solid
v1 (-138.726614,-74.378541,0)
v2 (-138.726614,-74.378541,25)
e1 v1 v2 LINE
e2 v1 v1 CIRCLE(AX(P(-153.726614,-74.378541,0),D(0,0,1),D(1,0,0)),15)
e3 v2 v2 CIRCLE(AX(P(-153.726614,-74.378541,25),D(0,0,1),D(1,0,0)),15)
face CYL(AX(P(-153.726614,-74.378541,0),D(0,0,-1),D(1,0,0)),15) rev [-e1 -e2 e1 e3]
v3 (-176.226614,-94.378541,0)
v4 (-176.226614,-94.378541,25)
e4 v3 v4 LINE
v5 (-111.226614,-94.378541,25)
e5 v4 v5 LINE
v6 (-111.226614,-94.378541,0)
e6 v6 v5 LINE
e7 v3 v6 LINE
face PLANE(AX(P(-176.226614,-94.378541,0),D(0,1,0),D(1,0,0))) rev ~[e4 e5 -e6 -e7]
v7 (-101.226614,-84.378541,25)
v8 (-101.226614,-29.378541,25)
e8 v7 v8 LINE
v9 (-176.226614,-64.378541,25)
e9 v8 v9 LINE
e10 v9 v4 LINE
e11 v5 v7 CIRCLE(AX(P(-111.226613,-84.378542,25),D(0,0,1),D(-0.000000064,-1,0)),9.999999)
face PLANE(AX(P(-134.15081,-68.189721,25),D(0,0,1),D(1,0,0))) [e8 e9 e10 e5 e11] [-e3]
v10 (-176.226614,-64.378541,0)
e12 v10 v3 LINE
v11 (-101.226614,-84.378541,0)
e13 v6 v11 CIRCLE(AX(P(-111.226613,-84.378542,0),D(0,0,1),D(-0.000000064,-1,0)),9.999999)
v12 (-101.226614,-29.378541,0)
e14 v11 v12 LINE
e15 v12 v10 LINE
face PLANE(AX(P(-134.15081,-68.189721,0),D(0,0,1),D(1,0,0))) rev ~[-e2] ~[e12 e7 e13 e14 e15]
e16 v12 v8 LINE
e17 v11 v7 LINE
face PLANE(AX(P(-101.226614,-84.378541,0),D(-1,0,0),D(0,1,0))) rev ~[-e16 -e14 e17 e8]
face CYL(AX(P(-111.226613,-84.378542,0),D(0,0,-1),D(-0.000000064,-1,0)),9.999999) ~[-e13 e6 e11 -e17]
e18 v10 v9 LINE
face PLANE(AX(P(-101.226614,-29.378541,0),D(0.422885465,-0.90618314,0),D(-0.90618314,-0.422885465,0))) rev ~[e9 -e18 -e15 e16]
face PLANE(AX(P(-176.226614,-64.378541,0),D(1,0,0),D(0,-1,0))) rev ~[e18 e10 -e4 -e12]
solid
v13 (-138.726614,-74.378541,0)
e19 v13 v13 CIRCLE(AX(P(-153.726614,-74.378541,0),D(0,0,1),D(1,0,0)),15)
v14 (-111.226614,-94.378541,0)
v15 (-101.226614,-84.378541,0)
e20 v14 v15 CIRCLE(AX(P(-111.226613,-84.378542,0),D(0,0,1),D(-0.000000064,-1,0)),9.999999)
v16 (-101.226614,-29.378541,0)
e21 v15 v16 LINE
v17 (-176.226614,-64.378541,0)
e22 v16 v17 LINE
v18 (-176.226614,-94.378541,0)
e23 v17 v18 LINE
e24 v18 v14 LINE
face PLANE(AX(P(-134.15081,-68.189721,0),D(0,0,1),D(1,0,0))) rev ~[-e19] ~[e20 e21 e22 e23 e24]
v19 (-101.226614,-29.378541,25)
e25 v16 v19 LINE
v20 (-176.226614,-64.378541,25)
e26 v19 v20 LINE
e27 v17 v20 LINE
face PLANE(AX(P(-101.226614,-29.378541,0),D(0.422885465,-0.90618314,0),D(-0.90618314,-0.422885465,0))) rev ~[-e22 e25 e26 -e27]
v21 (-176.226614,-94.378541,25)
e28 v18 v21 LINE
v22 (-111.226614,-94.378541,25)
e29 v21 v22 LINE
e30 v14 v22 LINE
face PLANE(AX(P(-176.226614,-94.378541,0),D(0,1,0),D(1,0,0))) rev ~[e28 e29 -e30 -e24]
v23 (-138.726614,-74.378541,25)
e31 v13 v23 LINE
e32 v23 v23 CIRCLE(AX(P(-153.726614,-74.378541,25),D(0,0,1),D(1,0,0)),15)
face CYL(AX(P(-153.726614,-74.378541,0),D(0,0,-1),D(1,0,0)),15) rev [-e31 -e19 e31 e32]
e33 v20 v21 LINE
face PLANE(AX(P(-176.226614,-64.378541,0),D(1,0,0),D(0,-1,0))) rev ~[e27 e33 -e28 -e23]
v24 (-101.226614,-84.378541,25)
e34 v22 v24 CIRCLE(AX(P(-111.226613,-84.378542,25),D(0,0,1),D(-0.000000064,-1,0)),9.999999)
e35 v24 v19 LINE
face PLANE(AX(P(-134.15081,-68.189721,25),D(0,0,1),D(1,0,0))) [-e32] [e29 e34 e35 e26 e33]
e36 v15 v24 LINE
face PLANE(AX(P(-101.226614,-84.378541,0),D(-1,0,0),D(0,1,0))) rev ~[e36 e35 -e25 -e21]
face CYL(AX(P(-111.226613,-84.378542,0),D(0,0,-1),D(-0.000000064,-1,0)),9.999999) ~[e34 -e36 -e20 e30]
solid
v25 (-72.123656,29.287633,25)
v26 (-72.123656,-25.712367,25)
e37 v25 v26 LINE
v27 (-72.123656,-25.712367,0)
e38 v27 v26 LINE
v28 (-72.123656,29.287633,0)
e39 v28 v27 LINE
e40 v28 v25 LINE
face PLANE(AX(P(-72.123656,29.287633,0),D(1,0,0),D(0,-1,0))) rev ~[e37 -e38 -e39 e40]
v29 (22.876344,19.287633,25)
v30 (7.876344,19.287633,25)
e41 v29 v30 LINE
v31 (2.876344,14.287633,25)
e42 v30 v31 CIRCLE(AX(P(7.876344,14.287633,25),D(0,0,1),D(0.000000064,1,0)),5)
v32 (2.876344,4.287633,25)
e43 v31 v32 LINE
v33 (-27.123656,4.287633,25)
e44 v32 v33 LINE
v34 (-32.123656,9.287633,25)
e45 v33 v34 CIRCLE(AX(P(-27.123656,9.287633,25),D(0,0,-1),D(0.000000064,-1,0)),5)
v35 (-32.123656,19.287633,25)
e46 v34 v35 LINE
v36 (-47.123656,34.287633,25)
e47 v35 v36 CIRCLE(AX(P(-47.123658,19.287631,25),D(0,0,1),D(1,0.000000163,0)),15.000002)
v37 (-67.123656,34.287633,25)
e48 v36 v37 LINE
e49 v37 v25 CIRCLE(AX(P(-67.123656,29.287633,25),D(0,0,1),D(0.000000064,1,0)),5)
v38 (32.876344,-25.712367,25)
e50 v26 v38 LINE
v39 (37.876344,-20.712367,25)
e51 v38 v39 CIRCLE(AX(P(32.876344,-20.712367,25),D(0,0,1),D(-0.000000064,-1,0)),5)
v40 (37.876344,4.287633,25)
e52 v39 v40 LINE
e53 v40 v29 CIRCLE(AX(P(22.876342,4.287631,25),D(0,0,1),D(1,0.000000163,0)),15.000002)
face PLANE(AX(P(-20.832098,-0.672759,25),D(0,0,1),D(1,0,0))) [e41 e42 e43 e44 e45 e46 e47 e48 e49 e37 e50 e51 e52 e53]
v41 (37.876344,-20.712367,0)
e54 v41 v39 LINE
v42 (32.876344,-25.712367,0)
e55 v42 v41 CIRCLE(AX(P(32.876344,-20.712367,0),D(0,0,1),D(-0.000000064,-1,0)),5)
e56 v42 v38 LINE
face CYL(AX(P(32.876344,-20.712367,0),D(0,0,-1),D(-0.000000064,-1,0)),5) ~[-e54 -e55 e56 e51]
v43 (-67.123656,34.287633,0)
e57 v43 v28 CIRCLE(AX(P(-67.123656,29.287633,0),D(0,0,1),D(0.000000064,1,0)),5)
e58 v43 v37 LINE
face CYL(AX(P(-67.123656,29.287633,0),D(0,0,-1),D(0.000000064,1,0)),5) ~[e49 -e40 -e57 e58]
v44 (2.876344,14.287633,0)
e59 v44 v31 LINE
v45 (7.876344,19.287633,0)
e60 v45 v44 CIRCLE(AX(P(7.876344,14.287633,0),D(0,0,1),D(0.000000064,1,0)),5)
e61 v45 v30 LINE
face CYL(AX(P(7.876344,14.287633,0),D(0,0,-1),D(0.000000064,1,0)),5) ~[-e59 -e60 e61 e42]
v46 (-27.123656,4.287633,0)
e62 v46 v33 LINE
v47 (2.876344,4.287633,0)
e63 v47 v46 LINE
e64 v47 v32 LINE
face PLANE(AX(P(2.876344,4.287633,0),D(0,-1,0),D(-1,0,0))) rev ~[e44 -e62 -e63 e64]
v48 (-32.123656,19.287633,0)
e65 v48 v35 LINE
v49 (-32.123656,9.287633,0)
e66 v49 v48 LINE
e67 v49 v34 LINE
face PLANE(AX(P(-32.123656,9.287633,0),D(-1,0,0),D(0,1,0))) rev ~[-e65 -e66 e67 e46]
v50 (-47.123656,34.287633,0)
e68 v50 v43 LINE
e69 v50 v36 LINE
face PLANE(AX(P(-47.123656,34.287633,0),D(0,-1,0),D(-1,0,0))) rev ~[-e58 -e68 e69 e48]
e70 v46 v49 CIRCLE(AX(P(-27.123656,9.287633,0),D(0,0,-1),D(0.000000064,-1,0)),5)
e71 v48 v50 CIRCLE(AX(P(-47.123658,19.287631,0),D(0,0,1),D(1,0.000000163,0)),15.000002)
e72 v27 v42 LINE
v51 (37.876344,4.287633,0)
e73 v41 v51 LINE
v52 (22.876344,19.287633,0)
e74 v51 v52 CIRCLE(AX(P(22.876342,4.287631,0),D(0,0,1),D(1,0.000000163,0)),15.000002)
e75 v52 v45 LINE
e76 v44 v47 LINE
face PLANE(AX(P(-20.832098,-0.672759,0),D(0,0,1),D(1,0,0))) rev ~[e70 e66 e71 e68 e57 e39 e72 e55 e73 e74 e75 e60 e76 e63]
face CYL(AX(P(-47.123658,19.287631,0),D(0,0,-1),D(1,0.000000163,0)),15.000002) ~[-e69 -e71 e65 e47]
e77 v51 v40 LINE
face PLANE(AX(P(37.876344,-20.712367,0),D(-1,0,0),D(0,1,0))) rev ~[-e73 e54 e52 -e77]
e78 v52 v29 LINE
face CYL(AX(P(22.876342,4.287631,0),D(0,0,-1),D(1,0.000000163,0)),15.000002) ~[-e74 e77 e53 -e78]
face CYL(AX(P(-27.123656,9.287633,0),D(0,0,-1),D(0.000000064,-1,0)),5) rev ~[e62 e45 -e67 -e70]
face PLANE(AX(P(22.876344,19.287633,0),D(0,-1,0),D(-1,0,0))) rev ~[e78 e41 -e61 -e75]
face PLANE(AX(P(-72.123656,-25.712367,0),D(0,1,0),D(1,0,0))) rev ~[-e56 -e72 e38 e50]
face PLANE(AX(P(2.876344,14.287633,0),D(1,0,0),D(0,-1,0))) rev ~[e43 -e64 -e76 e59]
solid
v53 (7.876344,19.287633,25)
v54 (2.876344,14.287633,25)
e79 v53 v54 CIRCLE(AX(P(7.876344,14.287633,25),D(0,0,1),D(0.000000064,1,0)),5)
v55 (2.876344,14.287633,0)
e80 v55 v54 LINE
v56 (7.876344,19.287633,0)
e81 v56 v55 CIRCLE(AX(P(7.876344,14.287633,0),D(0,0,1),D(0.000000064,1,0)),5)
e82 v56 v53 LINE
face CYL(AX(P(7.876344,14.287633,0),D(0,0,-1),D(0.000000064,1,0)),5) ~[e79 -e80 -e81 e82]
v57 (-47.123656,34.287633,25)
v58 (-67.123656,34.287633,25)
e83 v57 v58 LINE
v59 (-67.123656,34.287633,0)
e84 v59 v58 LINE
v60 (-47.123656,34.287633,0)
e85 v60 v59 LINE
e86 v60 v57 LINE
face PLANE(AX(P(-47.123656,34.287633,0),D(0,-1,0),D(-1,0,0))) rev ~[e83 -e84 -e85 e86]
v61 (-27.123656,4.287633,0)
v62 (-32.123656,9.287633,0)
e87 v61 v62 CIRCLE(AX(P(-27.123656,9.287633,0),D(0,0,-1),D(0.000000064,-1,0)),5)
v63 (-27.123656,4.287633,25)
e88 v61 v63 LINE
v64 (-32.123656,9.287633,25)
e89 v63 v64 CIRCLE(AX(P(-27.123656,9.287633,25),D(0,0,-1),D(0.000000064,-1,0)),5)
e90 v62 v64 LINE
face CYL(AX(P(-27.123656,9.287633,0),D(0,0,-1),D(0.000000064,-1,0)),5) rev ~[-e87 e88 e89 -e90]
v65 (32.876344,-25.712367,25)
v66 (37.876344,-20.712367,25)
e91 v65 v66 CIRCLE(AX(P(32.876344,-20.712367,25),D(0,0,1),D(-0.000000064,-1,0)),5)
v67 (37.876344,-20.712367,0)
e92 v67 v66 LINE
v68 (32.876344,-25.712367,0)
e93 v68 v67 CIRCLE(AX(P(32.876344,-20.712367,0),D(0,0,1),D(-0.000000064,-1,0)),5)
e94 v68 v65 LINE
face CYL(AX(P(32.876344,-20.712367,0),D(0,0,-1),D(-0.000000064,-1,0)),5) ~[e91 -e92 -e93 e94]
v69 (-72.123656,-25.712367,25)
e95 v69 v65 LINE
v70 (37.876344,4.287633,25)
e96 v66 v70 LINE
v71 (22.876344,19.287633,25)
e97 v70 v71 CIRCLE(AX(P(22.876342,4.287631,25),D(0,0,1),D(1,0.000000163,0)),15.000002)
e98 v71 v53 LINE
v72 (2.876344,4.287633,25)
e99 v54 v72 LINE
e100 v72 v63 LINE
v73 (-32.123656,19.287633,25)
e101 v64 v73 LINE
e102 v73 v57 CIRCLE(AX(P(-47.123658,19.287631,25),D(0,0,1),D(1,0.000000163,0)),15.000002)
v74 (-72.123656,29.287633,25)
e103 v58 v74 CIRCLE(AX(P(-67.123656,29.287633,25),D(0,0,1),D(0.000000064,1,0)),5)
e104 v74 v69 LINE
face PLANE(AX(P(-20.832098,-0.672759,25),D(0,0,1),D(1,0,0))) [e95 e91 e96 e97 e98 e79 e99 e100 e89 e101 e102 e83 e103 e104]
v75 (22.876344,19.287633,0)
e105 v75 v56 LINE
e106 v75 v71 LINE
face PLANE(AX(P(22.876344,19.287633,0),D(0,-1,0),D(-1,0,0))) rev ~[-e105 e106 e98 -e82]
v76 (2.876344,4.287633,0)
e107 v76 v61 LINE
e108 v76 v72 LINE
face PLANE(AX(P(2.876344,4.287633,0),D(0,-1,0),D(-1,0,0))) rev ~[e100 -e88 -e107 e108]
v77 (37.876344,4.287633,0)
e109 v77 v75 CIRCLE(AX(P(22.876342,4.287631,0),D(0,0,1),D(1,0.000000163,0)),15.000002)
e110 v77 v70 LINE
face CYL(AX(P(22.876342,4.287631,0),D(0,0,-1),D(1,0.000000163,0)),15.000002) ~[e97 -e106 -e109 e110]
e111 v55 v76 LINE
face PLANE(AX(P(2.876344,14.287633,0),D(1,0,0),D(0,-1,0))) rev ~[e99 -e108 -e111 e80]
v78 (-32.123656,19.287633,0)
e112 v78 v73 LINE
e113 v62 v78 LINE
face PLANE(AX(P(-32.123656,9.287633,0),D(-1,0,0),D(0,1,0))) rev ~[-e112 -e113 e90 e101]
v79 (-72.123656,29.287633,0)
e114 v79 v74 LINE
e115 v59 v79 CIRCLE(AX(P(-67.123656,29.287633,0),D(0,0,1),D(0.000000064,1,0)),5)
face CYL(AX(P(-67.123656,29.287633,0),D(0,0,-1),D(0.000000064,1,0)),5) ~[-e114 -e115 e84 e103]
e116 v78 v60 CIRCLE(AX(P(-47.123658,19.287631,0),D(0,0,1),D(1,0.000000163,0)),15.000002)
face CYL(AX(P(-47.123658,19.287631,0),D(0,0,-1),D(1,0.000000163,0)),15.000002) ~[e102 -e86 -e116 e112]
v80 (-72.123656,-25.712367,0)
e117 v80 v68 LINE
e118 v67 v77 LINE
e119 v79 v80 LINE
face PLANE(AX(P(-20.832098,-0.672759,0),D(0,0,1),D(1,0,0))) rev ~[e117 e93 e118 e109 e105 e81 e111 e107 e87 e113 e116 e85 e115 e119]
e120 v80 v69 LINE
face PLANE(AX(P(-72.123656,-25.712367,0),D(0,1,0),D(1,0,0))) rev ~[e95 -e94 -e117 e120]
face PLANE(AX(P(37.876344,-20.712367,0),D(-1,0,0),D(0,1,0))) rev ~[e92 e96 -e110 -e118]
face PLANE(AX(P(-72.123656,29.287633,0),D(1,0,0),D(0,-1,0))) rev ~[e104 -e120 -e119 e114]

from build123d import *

# Parameters (mm, degrees)
F0_R     = 15
F1_DEPTH = 25
F2_DEPTH = 25


with BuildPart() as f1:
    # F0 (on Top) → F1 (new body)
    with BuildSketch(Plane.XY):
        with BuildLine():
            Line((-72.123656, 29.287633), (-72.123656, -25.712367))
            Line((-72.123656, -25.712367), (32.876344, -25.712367))
            ThreePointArc((32.876344, -25.712367), (36.411878, -24.247901), (37.876344, -20.712367))
            Line((37.876344, -20.712367), (37.876344, 4.287633))
            ThreePointArc((37.876344, 4.287633), (33.482945, 14.894234), (22.876344, 19.287633))
            Line((22.876344, 19.287633), (7.876344, 19.287633))
            ThreePointArc((7.876344, 19.287633), (4.34081, 17.823167), (2.876344, 14.287633))
            Line((2.876344, 14.287633), (2.876344, 4.287633))
            Line((2.876344, 4.287633), (-27.123656, 4.287633))
            ThreePointArc((-27.123656, 4.287633), (-30.65919, 5.752099), (-32.123656, 9.287633))
            Line((-32.123656, 9.287633), (-32.123656, 19.287633))
            ThreePointArc((-32.123656, 19.287633), (-36.517055, 29.894234), (-47.123656, 34.287633))
            Line((-47.123656, 34.287633), (-67.123656, 34.287633))
            ThreePointArc((-67.123656, 34.287633), (-70.65919, 32.823167), (-72.123656, 29.287633))
        make_face()
        with BuildLine():
            Line((-176.226614, -64.378541), (-176.226614, -94.378541))
            Line((-176.226614, -94.378541), (-111.226614, -94.378541))
            ThreePointArc((-111.226614, -94.378541), (-104.155546, -91.449609), (-101.226614, -84.378541))
            Line((-101.226614, -84.378541), (-101.226614, -29.378541))
            Line((-101.226614, -29.378541), (-176.226614, -64.378541))
        make_face()
        with Locations((-153.726614, -74.378541)):
            Circle(F0_R, mode=Mode.SUBTRACT)
    extrude(amount=F1_DEPTH)


with BuildPart() as f2:
    # F0 (on Top) → F2 (new body)
    with BuildSketch(Plane.XY):
        with BuildLine():
            Line((-72.123656, 29.287633), (-72.123656, -25.712367))
            Line((-72.123656, -25.712367), (32.876344, -25.712367))
            ThreePointArc((32.876344, -25.712367), (36.411878, -24.247901), (37.876344, -20.712367))
            Line((37.876344, -20.712367), (37.876344, 4.287633))
            ThreePointArc((37.876344, 4.287633), (33.482945, 14.894234), (22.876344, 19.287633))
            Line((22.876344, 19.287633), (7.876344, 19.287633))
            ThreePointArc((7.876344, 19.287633), (4.34081, 17.823167), (2.876344, 14.287633))
            Line((2.876344, 14.287633), (2.876344, 4.287633))
            Line((2.876344, 4.287633), (-27.123656, 4.287633))
            ThreePointArc((-27.123656, 4.287633), (-30.65919, 5.752099), (-32.123656, 9.287633))
            Line((-32.123656, 9.287633), (-32.123656, 19.287633))
            ThreePointArc((-32.123656, 19.287633), (-36.517055, 29.894234), (-47.123656, 34.287633))
            Line((-47.123656, 34.287633), (-67.123656, 34.287633))
            ThreePointArc((-67.123656, 34.287633), (-70.65919, 32.823167), (-72.123656, 29.287633))
        make_face()
        with BuildLine():
            Line((-176.226614, -64.378541), (-176.226614, -94.378541))
            Line((-176.226614, -94.378541), (-111.226614, -94.378541))
            ThreePointArc((-111.226614, -94.378541), (-104.155546, -91.449609), (-101.226614, -84.378541))
            Line((-101.226614, -84.378541), (-101.226614, -29.378541))
            Line((-101.226614, -29.378541), (-176.226614, -64.378541))
        make_face()
        with Locations((-153.726614, -74.378541)):
            Circle(F0_R, mode=Mode.SUBTRACT)
    extrude(amount=F2_DEPTH)


solid = Compound([f1.part, f2.part])
